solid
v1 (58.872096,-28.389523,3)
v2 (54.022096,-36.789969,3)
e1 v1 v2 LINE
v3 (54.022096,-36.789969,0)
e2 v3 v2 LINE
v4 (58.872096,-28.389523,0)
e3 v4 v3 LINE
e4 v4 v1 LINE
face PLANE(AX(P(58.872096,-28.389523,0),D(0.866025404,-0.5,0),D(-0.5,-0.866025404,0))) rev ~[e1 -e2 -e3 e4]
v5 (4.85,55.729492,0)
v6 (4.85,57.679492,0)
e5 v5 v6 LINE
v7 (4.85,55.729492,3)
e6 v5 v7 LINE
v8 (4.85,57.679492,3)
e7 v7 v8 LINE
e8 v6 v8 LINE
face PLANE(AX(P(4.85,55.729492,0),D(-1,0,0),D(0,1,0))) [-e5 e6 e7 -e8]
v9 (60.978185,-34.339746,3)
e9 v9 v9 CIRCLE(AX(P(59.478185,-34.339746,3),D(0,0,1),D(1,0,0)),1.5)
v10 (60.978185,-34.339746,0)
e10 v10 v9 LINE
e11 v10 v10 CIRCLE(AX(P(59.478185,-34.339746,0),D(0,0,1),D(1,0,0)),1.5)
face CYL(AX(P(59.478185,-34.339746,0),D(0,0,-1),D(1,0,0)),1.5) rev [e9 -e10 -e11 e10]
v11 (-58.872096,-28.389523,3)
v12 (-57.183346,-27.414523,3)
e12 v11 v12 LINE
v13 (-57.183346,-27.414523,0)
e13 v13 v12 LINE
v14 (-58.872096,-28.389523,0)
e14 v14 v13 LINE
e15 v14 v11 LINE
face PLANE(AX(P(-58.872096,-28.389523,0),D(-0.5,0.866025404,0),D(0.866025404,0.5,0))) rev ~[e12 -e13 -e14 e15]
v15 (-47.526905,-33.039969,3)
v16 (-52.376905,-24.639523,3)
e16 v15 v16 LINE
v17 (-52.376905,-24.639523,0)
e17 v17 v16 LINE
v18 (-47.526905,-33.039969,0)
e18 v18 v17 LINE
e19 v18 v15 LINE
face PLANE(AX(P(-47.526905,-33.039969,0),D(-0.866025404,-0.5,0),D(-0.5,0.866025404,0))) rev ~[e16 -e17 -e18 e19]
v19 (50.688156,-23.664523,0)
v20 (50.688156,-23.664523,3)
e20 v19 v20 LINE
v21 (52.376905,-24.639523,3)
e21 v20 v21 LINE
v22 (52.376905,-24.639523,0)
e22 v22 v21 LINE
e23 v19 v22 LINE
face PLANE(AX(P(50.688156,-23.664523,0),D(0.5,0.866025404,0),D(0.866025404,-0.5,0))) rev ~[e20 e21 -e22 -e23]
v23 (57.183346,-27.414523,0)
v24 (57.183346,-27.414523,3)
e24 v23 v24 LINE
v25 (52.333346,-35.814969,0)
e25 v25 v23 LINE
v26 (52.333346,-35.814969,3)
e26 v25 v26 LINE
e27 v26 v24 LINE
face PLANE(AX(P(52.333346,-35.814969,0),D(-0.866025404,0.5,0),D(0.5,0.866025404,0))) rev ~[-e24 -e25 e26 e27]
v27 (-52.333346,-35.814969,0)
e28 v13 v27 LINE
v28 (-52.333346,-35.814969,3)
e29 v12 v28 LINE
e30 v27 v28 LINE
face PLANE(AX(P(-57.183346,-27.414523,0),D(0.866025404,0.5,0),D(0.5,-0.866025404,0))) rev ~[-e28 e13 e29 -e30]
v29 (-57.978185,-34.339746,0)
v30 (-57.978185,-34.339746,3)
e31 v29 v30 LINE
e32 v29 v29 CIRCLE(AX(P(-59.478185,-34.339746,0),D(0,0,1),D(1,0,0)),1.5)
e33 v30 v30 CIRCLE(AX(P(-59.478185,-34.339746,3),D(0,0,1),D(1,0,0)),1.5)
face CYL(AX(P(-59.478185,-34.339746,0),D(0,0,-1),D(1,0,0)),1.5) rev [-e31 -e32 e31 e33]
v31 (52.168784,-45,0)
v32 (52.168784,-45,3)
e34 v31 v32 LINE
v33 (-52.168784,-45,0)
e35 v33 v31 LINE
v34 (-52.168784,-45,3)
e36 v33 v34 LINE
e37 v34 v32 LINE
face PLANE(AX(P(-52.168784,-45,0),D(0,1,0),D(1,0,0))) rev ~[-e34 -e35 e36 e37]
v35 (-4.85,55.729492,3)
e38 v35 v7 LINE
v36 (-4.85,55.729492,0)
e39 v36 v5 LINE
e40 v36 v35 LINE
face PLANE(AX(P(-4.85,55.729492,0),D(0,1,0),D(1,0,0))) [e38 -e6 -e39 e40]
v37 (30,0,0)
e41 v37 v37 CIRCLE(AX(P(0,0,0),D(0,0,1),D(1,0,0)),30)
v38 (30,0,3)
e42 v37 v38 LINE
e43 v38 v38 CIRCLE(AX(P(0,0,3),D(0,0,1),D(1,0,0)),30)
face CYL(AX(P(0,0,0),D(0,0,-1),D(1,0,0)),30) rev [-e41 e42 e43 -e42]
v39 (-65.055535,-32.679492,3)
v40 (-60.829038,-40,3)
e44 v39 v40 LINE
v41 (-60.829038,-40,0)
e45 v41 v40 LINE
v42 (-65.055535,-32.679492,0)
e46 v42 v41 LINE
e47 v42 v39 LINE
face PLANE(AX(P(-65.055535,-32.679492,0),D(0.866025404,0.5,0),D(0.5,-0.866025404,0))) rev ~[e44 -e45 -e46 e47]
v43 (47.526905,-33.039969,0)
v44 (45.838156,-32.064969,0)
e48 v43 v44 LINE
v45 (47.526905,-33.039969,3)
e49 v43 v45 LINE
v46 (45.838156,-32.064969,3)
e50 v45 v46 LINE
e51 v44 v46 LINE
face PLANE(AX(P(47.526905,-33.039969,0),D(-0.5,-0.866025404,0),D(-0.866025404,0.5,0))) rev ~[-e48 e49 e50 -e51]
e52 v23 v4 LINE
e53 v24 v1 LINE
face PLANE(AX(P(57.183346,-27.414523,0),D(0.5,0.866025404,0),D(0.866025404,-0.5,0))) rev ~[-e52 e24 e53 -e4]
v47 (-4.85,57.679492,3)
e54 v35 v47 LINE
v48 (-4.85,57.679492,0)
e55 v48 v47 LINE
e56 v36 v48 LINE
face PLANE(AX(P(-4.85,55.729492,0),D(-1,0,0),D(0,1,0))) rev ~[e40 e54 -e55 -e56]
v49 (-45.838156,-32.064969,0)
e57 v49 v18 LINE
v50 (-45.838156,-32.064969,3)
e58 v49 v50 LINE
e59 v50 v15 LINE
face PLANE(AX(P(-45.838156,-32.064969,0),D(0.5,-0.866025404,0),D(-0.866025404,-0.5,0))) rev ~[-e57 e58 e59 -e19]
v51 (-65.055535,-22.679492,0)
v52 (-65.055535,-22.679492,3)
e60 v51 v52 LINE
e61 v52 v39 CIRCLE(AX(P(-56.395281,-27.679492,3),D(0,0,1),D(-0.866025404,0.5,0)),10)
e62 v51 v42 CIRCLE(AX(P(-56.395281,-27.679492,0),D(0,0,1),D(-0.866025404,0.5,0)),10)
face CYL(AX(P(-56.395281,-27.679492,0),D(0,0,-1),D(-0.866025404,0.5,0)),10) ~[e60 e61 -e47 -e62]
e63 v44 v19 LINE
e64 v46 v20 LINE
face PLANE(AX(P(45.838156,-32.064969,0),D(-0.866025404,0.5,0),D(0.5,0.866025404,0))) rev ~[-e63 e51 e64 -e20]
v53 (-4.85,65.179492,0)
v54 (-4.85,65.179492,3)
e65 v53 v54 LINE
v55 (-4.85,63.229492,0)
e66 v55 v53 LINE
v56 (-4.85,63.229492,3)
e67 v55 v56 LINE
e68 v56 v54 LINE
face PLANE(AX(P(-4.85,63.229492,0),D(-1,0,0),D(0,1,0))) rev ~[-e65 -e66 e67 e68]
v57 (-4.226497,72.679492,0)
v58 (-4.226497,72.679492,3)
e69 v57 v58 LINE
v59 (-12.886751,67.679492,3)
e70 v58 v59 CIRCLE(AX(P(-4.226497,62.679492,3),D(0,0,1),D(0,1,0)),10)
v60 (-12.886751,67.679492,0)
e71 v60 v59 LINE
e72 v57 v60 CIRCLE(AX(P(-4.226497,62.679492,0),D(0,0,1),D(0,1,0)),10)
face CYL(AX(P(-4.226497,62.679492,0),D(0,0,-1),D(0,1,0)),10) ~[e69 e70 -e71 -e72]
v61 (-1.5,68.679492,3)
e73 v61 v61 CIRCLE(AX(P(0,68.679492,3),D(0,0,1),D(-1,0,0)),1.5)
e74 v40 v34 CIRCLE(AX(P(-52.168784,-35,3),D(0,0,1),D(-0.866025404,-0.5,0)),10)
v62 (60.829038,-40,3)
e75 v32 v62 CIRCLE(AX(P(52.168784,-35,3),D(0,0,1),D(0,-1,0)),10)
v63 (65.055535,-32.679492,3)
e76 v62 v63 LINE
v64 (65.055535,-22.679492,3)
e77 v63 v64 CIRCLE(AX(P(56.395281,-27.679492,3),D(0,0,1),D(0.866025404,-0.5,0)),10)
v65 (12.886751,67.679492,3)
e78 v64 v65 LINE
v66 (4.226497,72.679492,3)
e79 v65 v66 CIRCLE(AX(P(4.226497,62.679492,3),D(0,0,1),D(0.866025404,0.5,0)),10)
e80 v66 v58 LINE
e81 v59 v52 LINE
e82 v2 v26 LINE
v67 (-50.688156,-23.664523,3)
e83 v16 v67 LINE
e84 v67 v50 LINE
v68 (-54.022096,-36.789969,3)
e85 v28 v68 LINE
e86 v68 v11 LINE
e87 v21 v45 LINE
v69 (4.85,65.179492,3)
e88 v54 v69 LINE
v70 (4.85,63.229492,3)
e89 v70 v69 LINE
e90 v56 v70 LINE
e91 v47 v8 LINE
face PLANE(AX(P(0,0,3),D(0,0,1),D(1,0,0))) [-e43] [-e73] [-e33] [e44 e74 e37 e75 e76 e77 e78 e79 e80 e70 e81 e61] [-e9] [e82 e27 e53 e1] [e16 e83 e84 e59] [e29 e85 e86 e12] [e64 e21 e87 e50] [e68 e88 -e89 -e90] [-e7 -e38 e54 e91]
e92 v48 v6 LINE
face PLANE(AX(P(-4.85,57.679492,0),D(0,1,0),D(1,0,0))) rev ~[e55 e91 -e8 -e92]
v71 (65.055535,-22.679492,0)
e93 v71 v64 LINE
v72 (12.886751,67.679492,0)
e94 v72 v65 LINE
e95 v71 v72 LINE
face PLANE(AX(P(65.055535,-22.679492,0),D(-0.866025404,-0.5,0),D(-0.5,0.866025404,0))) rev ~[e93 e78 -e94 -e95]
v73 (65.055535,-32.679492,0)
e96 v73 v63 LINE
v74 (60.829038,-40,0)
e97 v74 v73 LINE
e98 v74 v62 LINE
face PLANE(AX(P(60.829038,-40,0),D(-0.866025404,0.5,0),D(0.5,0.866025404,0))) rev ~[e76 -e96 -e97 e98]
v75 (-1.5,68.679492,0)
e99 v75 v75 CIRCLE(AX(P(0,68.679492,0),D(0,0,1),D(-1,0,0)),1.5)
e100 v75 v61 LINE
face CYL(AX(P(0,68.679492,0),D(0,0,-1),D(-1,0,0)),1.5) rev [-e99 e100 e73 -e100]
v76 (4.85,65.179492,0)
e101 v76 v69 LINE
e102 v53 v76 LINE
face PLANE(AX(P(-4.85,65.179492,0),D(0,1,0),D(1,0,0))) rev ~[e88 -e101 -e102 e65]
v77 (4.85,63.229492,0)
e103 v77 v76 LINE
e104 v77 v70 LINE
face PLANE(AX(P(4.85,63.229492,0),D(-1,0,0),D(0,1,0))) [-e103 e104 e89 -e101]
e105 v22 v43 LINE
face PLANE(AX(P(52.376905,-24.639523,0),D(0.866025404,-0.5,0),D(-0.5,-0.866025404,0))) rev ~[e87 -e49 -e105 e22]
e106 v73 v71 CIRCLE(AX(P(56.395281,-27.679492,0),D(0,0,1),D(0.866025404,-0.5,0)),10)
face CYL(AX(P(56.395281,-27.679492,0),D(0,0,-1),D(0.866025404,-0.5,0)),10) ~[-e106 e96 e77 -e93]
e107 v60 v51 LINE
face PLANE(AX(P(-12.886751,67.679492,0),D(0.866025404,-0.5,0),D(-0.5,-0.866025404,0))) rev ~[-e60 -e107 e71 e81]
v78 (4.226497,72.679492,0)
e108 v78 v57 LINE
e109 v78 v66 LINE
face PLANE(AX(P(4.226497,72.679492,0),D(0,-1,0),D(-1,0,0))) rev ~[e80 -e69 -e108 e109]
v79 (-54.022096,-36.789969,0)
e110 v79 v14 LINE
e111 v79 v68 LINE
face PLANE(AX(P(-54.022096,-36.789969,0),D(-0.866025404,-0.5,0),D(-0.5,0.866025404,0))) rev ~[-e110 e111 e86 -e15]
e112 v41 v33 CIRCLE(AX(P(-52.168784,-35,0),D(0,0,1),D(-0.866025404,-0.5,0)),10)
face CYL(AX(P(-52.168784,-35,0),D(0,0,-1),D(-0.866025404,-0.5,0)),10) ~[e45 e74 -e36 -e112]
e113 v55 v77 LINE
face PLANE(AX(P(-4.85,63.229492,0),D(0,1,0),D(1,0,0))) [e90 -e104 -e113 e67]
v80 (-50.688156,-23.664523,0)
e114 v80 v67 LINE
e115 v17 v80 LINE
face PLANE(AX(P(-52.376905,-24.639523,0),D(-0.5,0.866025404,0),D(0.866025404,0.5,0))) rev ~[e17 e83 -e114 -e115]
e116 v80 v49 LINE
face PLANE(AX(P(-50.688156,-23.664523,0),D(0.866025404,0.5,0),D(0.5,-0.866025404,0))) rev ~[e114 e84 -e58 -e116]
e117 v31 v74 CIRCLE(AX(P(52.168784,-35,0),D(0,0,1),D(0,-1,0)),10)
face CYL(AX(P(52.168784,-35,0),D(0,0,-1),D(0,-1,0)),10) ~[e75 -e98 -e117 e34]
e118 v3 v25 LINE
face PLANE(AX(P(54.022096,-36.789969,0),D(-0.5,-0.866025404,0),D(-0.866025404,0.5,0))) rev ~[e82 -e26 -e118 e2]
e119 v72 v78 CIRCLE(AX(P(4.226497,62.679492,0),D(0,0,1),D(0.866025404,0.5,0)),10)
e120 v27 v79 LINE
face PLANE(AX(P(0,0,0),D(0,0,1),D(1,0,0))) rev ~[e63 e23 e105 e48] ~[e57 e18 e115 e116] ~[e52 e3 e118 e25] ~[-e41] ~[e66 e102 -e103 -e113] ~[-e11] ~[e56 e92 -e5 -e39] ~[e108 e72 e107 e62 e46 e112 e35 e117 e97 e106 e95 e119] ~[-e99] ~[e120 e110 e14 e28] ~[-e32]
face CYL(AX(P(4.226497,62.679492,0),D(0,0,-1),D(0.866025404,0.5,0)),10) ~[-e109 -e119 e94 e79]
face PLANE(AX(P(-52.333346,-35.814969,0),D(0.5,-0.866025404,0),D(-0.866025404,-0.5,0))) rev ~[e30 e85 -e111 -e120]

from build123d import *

# Parameters (mm, degrees)
SKETCH_1_R      = 1.5
SKETCH_1_R_2    = 30
SKETCH_1_W      = 9.7
SKETCH_1_H      = 1.95
EXTRUDE_1_DEPTH = 3


with BuildPart() as part:
    # Эскиз1 → Бобышка-Вытянуть1 (new body)
    with BuildSketch(Plane.XY):
        with BuildLine():
            Line((-52.168783649, -45), (52.168783649, -45))
            ThreePointArc((52.168783649, -45), (57.168783649, -43.660254038), (60.829037687, -40))
            Line((60.829037687, -40), (65.055534995, -32.679491924))
            ThreePointArc((65.055534995, -32.679491924), (66.395280957, -27.679491924), (65.055534995, -22.679491924))
            Line((65.055534995, -22.679491924), (12.886751346, 67.679491924))
            ThreePointArc((12.886751346, 67.679491924), (9.226497308, 71.339745962), (4.226497308, 72.679491924))
            Line((4.226497308, 72.679491924), (-4.226497308, 72.679491924))
            ThreePointArc((-4.226497308, 72.679491924), (-9.226497308, 71.339745962), (-12.886751346, 67.679491924))
            Line((-12.886751346, 67.679491924), (-65.055534995, -22.679491924))
            ThreePointArc((-65.055534995, -22.679491924), (-66.395280957, -27.679491924), (-65.055534995, -32.679491924))
            Line((-65.055534995, -32.679491924), (-60.829037687, -40))
            ThreePointArc((-60.829037687, -40), (-57.168783649, -43.660254038), (-52.168783649, -45))
        make_face()
        with Locations((-59.478184725, -34.339745962)):
            Circle(SKETCH_1_R, mode=Mode.SUBTRACT)
        with Locations(Location((0, 68.679491924, 0), (0, 0, 180))):
            Circle(SKETCH_1_R, mode=Mode.SUBTRACT)
        with Locations((59.478184725, -34.339745962)):
            Circle(SKETCH_1_R, mode=Mode.SUBTRACT)
        Circle(SKETCH_1_R_2, mode=Mode.SUBTRACT)
        Polygon((-54.022095812, -36.789969171), (-58.872095812, -28.389522754), (-57.183346275, -27.414522754), (-52.333346275, -35.814969171), align=None, mode=Mode.SUBTRACT)
        with Locations((0, 64.204491924)):
            Rectangle(SKETCH_1_W, SKETCH_1_H, mode=Mode.SUBTRACT)
        Polygon((58.872095812, -28.389522754), (54.022095812, -36.789969171), (52.333346275, -35.814969171), (57.183346275, -27.414522754), align=None, mode=Mode.SUBTRACT)
        Polygon((-47.526905284, -33.039969171), (-52.376905284, -24.639522754), (-50.688155746, -23.664522754), (-45.838155746, -32.064969171), align=None, mode=Mode.SUBTRACT)
        with Locations((0, 56.704491924)):
            Rectangle(SKETCH_1_W, SKETCH_1_H, mode=Mode.SUBTRACT)
        Polygon((52.376905284, -24.639522754), (47.526905284, -33.039969171), (45.838155746, -32.064969171), (50.688155746, -23.664522754), align=None, mode=Mode.SUBTRACT)
    extrude(amount=EXTRUDE_1_DEPTH)


solid = part.part
